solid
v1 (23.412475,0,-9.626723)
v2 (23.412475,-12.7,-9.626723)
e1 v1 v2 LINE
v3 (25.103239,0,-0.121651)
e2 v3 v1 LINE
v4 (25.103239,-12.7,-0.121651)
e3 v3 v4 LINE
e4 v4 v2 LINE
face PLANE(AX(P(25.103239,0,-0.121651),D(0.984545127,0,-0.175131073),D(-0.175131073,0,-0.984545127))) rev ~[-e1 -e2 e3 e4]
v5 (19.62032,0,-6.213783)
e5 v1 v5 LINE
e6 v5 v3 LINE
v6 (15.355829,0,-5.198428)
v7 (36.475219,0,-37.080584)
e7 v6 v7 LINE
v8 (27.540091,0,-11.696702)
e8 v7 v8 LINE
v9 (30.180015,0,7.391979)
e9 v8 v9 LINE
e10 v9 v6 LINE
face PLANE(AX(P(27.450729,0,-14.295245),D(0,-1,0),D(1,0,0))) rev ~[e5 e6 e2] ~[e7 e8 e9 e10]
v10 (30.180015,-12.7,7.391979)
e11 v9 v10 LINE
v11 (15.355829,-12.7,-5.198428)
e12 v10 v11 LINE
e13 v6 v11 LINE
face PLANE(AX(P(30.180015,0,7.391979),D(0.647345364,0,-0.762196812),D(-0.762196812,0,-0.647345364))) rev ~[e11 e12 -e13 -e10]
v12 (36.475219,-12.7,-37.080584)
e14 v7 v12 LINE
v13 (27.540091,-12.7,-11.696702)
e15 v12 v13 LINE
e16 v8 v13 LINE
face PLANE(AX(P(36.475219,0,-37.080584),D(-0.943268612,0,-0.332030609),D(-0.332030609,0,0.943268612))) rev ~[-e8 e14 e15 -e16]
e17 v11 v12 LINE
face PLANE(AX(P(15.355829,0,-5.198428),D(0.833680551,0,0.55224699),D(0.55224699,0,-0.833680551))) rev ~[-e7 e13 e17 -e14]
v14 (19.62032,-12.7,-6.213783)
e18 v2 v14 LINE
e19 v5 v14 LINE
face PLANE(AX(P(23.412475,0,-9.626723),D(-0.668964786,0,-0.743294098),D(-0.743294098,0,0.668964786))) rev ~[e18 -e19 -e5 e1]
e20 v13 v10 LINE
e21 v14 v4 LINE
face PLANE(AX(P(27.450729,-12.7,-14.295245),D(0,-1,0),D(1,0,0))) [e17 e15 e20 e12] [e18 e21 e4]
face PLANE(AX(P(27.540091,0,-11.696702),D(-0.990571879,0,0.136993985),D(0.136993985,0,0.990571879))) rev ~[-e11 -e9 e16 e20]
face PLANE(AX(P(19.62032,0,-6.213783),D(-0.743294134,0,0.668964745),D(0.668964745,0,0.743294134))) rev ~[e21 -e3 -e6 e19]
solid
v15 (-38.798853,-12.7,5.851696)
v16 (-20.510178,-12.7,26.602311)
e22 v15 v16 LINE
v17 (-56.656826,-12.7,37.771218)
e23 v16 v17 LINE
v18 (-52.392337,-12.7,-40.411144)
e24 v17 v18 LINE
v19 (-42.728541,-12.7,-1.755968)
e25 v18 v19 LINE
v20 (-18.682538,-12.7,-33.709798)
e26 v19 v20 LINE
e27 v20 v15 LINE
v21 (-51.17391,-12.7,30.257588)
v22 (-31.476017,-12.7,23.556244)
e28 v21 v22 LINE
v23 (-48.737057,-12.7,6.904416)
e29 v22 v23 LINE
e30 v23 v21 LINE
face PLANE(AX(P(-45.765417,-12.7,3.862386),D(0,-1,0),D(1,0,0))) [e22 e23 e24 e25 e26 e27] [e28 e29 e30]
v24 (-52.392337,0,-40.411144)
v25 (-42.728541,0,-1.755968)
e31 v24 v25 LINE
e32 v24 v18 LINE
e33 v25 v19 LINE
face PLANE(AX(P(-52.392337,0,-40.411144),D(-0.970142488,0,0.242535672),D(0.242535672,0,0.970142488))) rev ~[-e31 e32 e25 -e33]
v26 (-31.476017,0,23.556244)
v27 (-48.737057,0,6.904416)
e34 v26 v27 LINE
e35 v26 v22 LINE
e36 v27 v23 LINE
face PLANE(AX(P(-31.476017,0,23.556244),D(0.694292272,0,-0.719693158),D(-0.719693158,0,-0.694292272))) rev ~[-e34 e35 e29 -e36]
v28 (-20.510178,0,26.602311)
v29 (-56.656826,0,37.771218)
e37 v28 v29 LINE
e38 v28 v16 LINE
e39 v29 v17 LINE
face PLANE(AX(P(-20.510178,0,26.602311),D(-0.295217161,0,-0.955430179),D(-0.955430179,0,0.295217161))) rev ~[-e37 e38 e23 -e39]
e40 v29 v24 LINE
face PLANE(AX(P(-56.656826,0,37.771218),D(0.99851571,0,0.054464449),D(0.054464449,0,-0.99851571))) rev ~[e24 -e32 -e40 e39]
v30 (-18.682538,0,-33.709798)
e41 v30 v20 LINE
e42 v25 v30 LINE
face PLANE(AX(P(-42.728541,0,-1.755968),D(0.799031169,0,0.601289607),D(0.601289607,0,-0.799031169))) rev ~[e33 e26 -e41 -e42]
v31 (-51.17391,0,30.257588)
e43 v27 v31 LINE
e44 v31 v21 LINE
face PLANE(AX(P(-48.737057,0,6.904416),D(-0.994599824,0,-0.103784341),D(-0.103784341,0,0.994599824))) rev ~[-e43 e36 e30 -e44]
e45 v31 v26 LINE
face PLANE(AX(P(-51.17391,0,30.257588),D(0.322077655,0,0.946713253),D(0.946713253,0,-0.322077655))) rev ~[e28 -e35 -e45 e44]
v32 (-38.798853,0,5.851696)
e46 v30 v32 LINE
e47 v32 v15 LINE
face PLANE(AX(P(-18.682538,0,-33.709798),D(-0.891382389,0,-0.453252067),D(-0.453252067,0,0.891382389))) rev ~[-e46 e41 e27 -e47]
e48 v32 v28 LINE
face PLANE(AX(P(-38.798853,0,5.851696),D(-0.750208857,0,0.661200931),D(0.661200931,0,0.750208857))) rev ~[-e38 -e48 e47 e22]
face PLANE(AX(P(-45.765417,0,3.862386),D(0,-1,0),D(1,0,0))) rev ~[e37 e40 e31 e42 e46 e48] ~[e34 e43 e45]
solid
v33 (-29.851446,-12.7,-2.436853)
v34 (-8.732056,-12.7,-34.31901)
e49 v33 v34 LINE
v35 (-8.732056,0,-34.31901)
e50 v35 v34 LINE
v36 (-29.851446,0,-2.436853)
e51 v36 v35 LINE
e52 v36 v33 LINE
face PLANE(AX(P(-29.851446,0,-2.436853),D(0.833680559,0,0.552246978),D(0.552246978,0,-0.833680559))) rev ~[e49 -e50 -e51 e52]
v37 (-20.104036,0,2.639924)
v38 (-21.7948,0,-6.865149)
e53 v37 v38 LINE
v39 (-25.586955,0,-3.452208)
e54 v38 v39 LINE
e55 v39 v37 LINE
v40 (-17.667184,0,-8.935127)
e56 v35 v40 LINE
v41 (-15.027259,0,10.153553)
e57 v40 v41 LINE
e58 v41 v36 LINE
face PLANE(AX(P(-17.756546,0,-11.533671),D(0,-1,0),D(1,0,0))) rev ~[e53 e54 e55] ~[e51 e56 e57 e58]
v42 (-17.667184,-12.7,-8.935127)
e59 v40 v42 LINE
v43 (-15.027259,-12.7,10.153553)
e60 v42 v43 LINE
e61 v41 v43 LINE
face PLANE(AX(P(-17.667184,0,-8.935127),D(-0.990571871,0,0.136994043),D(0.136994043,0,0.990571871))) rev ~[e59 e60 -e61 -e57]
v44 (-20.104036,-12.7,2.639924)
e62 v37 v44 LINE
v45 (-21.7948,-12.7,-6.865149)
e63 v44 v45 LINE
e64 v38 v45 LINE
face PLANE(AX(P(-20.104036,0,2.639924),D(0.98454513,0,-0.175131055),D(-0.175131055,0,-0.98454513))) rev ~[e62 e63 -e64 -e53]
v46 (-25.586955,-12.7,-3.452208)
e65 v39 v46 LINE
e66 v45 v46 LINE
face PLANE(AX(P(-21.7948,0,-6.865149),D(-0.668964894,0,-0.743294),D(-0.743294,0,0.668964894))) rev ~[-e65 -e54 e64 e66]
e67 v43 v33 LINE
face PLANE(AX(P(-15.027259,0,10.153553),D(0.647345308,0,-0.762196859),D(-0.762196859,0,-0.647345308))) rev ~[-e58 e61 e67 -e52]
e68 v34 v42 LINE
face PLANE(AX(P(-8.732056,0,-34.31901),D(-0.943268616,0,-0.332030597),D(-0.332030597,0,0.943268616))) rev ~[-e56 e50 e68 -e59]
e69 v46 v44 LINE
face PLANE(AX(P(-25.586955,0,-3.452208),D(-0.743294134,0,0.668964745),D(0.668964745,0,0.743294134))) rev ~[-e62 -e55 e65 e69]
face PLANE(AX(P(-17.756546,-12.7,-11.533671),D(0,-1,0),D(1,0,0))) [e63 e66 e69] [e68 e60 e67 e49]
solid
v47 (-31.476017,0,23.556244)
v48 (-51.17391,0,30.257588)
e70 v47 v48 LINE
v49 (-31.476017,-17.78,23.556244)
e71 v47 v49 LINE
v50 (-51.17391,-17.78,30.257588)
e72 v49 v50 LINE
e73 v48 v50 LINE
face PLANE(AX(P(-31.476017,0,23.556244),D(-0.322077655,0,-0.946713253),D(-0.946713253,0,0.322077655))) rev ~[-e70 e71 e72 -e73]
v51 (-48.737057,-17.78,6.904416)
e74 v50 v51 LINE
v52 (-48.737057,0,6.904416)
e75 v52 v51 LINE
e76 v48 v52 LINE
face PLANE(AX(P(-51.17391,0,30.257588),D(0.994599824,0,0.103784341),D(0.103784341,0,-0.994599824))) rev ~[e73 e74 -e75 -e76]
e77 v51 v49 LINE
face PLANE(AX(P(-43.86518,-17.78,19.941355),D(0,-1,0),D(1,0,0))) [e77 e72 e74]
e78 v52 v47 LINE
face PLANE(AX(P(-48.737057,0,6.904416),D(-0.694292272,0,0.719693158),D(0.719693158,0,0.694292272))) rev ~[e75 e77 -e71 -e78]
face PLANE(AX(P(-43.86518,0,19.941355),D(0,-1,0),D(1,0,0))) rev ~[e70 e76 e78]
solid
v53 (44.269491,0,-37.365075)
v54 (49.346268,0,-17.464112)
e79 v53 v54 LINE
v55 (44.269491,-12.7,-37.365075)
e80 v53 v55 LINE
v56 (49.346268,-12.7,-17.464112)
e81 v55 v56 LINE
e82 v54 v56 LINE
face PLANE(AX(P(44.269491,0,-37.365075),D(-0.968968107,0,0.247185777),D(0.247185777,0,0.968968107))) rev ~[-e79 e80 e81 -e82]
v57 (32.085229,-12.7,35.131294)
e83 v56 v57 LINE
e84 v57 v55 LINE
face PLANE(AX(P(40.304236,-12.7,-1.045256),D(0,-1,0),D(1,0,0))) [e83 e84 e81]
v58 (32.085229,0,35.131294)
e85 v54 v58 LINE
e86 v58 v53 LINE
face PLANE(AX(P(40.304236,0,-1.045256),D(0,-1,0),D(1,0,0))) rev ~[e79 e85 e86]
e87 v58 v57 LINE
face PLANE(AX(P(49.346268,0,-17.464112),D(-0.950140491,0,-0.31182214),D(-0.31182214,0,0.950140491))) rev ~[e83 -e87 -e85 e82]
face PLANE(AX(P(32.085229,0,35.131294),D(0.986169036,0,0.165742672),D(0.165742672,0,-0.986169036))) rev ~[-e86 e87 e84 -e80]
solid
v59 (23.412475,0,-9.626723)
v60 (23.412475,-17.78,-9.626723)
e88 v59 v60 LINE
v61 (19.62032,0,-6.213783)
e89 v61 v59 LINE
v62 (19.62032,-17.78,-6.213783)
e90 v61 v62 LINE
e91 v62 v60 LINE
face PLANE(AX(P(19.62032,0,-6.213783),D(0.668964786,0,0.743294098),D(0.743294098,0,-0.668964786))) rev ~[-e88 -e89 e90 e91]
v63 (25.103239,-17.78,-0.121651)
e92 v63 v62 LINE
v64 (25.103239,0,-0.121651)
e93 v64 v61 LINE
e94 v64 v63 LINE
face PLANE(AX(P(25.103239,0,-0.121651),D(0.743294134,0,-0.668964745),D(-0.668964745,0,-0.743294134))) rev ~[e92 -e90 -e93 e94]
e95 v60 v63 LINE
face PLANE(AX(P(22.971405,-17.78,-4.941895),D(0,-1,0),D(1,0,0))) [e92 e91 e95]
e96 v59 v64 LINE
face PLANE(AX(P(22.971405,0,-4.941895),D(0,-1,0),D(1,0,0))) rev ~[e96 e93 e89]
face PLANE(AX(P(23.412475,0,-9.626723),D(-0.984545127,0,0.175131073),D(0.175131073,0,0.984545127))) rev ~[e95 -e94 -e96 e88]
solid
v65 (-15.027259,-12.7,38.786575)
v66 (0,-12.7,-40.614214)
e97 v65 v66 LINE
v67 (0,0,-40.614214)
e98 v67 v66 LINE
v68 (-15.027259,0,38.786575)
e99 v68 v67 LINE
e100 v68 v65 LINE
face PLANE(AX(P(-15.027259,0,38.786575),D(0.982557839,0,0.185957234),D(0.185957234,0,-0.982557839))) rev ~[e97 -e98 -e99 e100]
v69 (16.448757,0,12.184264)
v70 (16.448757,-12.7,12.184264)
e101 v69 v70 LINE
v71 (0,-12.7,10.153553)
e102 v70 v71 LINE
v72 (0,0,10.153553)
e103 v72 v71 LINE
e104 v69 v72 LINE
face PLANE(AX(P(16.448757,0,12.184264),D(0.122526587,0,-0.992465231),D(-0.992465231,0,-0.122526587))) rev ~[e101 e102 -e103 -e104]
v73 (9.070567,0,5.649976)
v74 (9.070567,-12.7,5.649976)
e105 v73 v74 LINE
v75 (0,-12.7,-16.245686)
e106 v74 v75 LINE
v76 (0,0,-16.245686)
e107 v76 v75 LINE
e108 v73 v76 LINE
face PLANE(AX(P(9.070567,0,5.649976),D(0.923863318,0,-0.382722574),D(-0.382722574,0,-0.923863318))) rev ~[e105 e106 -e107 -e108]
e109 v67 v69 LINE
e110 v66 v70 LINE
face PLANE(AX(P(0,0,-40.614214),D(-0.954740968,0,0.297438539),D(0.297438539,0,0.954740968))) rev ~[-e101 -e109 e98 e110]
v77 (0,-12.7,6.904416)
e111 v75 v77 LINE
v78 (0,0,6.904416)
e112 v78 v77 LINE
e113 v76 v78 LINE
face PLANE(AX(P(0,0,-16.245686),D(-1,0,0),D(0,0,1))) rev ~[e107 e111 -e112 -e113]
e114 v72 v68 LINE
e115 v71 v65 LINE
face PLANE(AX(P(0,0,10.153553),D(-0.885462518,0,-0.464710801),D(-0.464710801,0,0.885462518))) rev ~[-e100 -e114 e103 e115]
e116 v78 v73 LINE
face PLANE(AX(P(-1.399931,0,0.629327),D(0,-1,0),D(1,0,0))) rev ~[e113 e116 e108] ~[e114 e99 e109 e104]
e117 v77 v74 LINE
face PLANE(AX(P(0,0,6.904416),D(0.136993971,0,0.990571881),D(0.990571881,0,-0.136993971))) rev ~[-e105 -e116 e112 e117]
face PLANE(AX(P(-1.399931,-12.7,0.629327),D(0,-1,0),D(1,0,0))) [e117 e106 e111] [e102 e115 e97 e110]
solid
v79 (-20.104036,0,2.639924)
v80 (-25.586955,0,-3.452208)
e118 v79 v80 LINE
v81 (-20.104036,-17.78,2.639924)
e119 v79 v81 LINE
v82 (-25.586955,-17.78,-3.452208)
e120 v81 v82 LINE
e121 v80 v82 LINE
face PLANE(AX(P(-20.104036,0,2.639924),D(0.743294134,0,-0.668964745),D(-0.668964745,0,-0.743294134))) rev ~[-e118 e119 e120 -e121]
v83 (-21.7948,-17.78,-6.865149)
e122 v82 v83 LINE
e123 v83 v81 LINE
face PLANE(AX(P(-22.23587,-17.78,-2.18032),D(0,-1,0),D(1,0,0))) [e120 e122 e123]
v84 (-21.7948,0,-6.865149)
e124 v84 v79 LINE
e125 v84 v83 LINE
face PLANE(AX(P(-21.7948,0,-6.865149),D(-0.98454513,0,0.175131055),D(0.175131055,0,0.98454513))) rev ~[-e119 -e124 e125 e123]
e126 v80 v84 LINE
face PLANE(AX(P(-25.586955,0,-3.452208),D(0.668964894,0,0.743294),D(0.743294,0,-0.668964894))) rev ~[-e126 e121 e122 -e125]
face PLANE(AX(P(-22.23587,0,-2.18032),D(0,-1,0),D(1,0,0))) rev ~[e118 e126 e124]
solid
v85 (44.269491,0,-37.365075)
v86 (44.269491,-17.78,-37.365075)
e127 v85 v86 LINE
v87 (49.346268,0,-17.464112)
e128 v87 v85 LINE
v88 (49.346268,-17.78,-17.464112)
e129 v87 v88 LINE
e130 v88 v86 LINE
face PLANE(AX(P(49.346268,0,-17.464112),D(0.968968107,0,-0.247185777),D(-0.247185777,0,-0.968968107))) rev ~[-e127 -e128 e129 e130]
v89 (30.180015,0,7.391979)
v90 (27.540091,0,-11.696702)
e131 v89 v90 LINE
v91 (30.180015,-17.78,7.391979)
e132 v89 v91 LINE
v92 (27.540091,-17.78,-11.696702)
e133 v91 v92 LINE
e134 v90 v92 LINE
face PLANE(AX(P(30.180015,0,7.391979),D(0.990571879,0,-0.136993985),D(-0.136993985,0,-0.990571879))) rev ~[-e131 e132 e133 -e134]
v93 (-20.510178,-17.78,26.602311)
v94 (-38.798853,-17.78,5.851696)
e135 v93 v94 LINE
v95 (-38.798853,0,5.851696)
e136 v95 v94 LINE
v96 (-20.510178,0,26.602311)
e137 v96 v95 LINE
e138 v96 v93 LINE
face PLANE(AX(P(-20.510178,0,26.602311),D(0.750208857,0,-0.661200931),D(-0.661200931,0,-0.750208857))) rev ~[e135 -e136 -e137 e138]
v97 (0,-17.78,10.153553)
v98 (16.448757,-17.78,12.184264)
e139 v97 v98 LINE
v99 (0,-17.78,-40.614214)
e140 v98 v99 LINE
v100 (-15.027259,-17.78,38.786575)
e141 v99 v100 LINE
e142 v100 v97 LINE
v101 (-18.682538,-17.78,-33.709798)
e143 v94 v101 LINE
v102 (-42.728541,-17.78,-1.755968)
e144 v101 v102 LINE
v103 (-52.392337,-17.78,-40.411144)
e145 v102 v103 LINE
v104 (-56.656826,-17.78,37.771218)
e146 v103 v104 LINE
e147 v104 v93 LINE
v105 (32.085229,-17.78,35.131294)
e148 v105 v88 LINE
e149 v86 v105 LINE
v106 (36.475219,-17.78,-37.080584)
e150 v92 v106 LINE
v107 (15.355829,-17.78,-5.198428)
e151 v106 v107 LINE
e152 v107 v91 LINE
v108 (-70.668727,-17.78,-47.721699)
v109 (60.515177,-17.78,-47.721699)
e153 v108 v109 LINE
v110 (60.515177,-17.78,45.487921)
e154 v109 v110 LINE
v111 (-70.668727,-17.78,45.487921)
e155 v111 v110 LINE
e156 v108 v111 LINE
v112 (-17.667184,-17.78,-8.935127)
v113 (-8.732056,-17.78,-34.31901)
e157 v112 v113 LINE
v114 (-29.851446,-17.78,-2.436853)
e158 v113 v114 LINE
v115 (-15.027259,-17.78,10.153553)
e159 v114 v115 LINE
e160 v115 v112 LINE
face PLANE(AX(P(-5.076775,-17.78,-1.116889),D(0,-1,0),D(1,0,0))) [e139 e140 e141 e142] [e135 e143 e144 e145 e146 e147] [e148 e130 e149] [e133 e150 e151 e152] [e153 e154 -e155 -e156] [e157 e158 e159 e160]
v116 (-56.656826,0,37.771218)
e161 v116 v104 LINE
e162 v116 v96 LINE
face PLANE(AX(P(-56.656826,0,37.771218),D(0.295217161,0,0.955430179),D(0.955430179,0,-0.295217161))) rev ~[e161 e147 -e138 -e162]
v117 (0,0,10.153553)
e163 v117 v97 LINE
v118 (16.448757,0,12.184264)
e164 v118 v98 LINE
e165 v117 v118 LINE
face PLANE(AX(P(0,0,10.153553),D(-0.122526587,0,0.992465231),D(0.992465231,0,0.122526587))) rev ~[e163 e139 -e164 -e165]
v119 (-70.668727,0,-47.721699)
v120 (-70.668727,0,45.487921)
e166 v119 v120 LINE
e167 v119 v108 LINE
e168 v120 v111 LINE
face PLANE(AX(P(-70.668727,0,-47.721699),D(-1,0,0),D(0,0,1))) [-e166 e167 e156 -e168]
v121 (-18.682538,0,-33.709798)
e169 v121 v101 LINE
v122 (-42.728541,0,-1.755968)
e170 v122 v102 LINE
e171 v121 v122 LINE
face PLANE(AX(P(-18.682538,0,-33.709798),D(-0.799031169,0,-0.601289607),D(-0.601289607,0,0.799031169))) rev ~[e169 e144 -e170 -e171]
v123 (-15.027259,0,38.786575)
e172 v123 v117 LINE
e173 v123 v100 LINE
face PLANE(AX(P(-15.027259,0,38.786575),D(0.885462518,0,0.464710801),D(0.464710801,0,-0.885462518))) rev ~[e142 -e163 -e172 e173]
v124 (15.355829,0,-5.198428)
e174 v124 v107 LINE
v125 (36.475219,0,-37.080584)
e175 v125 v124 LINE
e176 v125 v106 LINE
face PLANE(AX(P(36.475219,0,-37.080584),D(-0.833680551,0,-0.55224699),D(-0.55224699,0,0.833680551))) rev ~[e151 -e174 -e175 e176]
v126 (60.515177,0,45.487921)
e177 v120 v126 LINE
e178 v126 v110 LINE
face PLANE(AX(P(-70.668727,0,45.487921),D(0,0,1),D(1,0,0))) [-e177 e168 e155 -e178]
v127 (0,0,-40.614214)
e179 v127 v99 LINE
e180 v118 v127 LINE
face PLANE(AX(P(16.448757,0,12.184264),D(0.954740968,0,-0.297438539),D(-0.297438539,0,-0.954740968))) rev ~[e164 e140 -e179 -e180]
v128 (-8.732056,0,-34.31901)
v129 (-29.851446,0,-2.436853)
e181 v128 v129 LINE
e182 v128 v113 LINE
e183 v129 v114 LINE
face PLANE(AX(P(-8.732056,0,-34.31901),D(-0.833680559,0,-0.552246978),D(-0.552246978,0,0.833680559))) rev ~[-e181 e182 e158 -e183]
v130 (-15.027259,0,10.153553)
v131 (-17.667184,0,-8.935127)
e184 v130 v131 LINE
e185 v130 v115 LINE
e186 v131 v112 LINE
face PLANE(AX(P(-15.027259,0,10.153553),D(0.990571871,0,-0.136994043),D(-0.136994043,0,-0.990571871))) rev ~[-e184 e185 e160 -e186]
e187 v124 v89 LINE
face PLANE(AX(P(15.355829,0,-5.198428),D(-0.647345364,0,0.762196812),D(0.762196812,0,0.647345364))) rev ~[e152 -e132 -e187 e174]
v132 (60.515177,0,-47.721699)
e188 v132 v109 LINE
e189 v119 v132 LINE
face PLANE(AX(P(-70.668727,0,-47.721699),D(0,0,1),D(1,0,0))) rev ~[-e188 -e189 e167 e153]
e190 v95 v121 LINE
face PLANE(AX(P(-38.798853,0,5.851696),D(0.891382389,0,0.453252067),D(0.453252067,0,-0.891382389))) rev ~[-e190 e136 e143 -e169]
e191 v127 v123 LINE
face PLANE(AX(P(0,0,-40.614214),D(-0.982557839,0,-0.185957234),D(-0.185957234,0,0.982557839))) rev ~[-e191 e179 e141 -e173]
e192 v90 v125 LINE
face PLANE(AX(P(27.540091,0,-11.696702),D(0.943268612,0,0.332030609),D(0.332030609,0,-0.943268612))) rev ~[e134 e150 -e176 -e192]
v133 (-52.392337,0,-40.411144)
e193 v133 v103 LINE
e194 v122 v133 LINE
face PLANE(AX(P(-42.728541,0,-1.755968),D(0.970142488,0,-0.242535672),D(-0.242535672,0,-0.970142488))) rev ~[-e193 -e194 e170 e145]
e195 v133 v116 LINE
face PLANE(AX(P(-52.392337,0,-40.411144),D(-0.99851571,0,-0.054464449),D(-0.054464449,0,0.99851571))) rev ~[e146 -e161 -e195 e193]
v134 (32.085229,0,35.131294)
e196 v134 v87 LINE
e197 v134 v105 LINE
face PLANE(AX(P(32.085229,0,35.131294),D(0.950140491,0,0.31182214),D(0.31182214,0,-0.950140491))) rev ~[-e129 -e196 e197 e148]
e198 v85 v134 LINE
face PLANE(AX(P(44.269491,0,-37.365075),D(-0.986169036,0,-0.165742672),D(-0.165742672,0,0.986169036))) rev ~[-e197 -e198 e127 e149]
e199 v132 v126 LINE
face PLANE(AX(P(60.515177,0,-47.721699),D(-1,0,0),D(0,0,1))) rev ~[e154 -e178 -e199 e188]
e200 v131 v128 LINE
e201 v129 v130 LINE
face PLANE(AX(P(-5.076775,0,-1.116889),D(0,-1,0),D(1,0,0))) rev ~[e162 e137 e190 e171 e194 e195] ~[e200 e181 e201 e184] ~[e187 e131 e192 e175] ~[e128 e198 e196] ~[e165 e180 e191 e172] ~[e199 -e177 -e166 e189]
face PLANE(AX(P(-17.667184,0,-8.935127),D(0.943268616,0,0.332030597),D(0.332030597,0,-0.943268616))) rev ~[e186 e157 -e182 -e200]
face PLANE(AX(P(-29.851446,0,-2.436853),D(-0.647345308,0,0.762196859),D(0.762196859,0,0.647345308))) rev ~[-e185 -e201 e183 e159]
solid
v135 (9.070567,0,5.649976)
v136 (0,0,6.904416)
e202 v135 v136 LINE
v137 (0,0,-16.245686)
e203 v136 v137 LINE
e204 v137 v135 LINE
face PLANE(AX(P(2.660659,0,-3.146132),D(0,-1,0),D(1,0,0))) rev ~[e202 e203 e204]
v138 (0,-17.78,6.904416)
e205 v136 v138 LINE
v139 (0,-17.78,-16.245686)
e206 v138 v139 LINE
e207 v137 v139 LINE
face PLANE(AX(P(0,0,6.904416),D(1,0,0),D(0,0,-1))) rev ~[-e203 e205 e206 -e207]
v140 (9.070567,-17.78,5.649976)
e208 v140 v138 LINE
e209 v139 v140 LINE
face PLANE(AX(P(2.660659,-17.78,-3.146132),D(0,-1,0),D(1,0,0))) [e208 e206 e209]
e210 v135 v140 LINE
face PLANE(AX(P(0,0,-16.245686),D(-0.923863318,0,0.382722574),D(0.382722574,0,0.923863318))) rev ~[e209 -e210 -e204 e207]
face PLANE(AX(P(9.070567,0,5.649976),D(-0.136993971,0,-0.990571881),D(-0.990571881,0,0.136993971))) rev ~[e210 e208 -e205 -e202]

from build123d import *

# Parameters (mm, degrees)
F0_W     = 131.183904
F0_H     = 93.209621
F1_DEPTH = 17.78
F2_DEPTH = 12.7


with BuildPart() as f1:
    # F0 (on Front) → F1 (new body)
    with BuildSketch(Plane.XZ):
        with Locations((-5.076775, -1.116889)):
            Rectangle(F0_W, F0_H)
        Polygon((-52.392337, -40.411144), (-56.656826, 37.771218), (-20.510178, 26.602311), (-38.798853, 5.851696), (-18.682538, -33.709798), (-42.728541, -1.755968), align=None, mode=Mode.SUBTRACT)
        Polygon((-29.851446, -2.436853), (-15.027259, 10.153553), (-17.667184, -8.935127), (-8.732056, -34.31901), align=None, mode=Mode.SUBTRACT)
        Polygon((15.355829, -5.198428), (30.180015, 7.391979), (27.540091, -11.696702), (36.475219, -37.080584), align=None, mode=Mode.SUBTRACT)
        Polygon((44.269491, -37.365075), (32.085229, 35.131294), (49.346268, -17.464112), align=None, mode=Mode.SUBTRACT)
        Polygon((0, -40.614214), (-15.027259, 38.786575), (0, 10.153553), (16.448757, 12.184264), align=None, mode=Mode.SUBTRACT)
        Polygon((-31.476017, 23.556244), (-51.17391, 30.257588), (-48.737057, 6.904416), align=None)
        Polygon((-21.7948, -6.865149), (-20.104036, 2.639924), (-25.586955, -3.452208), align=None)
        Polygon((9.070567, 5.649976), (0, 6.904416), (0, -16.245686), align=None)
        Polygon((23.412475, -9.626723), (25.103239, -0.121651), (19.62032, -6.213783), align=None)
    extrude(amount=F1_DEPTH)


with BuildPart() as f2:
    # F0 (on Front) → F2 (new body)
    with BuildSketch(Plane.XZ):
        Polygon((-20.510178, 26.602311), (-56.656826, 37.771218), (-52.392337, -40.411144), (-42.728541, -1.755968), (-41.629568, 2.639924), (-38.798853, 5.851696), align=None)
        Polygon((-48.737057, 6.904416), (-51.17391, 30.257588), (-31.476017, 23.556244), align=None, mode=Mode.SUBTRACT)
        Polygon((-41.629568, 2.639924), (-42.728541, -1.755968), (-18.682538, -33.709798), (-38.798853, 5.851696), align=None)
        Polygon((-17.667184, -8.935127), (-15.027259, 10.153553), (-29.851446, -2.436853), (-8.732056, -34.31901), align=None)
        Polygon((-25.586955, -3.452208), (-20.104036, 2.639924), (-21.7948, -6.865149), align=None, mode=Mode.SUBTRACT)
        Polygon((0, 10.153553), (-15.027259, 38.786575), (0, -40.614214), (16.448757, 12.184264), align=None)
        Polygon((0, -16.245686), (0, 6.904416), (9.070567, 5.649976), align=None, mode=Mode.SUBTRACT)
        Polygon((27.540091, -11.696702), (30.180015, 7.391979), (15.355829, -5.198428), (36.475219, -37.080584), align=None)
        Polygon((19.62032, -6.213783), (25.103239, -0.121651), (23.412475, -9.626723), align=None, mode=Mode.SUBTRACT)
        Polygon((49.346268, -17.464112), (32.085229, 35.131294), (44.269491, -37.365075), align=None)
    extrude(amount=F2_DEPTH)


solid = Compound([f1.part, f2.part])
